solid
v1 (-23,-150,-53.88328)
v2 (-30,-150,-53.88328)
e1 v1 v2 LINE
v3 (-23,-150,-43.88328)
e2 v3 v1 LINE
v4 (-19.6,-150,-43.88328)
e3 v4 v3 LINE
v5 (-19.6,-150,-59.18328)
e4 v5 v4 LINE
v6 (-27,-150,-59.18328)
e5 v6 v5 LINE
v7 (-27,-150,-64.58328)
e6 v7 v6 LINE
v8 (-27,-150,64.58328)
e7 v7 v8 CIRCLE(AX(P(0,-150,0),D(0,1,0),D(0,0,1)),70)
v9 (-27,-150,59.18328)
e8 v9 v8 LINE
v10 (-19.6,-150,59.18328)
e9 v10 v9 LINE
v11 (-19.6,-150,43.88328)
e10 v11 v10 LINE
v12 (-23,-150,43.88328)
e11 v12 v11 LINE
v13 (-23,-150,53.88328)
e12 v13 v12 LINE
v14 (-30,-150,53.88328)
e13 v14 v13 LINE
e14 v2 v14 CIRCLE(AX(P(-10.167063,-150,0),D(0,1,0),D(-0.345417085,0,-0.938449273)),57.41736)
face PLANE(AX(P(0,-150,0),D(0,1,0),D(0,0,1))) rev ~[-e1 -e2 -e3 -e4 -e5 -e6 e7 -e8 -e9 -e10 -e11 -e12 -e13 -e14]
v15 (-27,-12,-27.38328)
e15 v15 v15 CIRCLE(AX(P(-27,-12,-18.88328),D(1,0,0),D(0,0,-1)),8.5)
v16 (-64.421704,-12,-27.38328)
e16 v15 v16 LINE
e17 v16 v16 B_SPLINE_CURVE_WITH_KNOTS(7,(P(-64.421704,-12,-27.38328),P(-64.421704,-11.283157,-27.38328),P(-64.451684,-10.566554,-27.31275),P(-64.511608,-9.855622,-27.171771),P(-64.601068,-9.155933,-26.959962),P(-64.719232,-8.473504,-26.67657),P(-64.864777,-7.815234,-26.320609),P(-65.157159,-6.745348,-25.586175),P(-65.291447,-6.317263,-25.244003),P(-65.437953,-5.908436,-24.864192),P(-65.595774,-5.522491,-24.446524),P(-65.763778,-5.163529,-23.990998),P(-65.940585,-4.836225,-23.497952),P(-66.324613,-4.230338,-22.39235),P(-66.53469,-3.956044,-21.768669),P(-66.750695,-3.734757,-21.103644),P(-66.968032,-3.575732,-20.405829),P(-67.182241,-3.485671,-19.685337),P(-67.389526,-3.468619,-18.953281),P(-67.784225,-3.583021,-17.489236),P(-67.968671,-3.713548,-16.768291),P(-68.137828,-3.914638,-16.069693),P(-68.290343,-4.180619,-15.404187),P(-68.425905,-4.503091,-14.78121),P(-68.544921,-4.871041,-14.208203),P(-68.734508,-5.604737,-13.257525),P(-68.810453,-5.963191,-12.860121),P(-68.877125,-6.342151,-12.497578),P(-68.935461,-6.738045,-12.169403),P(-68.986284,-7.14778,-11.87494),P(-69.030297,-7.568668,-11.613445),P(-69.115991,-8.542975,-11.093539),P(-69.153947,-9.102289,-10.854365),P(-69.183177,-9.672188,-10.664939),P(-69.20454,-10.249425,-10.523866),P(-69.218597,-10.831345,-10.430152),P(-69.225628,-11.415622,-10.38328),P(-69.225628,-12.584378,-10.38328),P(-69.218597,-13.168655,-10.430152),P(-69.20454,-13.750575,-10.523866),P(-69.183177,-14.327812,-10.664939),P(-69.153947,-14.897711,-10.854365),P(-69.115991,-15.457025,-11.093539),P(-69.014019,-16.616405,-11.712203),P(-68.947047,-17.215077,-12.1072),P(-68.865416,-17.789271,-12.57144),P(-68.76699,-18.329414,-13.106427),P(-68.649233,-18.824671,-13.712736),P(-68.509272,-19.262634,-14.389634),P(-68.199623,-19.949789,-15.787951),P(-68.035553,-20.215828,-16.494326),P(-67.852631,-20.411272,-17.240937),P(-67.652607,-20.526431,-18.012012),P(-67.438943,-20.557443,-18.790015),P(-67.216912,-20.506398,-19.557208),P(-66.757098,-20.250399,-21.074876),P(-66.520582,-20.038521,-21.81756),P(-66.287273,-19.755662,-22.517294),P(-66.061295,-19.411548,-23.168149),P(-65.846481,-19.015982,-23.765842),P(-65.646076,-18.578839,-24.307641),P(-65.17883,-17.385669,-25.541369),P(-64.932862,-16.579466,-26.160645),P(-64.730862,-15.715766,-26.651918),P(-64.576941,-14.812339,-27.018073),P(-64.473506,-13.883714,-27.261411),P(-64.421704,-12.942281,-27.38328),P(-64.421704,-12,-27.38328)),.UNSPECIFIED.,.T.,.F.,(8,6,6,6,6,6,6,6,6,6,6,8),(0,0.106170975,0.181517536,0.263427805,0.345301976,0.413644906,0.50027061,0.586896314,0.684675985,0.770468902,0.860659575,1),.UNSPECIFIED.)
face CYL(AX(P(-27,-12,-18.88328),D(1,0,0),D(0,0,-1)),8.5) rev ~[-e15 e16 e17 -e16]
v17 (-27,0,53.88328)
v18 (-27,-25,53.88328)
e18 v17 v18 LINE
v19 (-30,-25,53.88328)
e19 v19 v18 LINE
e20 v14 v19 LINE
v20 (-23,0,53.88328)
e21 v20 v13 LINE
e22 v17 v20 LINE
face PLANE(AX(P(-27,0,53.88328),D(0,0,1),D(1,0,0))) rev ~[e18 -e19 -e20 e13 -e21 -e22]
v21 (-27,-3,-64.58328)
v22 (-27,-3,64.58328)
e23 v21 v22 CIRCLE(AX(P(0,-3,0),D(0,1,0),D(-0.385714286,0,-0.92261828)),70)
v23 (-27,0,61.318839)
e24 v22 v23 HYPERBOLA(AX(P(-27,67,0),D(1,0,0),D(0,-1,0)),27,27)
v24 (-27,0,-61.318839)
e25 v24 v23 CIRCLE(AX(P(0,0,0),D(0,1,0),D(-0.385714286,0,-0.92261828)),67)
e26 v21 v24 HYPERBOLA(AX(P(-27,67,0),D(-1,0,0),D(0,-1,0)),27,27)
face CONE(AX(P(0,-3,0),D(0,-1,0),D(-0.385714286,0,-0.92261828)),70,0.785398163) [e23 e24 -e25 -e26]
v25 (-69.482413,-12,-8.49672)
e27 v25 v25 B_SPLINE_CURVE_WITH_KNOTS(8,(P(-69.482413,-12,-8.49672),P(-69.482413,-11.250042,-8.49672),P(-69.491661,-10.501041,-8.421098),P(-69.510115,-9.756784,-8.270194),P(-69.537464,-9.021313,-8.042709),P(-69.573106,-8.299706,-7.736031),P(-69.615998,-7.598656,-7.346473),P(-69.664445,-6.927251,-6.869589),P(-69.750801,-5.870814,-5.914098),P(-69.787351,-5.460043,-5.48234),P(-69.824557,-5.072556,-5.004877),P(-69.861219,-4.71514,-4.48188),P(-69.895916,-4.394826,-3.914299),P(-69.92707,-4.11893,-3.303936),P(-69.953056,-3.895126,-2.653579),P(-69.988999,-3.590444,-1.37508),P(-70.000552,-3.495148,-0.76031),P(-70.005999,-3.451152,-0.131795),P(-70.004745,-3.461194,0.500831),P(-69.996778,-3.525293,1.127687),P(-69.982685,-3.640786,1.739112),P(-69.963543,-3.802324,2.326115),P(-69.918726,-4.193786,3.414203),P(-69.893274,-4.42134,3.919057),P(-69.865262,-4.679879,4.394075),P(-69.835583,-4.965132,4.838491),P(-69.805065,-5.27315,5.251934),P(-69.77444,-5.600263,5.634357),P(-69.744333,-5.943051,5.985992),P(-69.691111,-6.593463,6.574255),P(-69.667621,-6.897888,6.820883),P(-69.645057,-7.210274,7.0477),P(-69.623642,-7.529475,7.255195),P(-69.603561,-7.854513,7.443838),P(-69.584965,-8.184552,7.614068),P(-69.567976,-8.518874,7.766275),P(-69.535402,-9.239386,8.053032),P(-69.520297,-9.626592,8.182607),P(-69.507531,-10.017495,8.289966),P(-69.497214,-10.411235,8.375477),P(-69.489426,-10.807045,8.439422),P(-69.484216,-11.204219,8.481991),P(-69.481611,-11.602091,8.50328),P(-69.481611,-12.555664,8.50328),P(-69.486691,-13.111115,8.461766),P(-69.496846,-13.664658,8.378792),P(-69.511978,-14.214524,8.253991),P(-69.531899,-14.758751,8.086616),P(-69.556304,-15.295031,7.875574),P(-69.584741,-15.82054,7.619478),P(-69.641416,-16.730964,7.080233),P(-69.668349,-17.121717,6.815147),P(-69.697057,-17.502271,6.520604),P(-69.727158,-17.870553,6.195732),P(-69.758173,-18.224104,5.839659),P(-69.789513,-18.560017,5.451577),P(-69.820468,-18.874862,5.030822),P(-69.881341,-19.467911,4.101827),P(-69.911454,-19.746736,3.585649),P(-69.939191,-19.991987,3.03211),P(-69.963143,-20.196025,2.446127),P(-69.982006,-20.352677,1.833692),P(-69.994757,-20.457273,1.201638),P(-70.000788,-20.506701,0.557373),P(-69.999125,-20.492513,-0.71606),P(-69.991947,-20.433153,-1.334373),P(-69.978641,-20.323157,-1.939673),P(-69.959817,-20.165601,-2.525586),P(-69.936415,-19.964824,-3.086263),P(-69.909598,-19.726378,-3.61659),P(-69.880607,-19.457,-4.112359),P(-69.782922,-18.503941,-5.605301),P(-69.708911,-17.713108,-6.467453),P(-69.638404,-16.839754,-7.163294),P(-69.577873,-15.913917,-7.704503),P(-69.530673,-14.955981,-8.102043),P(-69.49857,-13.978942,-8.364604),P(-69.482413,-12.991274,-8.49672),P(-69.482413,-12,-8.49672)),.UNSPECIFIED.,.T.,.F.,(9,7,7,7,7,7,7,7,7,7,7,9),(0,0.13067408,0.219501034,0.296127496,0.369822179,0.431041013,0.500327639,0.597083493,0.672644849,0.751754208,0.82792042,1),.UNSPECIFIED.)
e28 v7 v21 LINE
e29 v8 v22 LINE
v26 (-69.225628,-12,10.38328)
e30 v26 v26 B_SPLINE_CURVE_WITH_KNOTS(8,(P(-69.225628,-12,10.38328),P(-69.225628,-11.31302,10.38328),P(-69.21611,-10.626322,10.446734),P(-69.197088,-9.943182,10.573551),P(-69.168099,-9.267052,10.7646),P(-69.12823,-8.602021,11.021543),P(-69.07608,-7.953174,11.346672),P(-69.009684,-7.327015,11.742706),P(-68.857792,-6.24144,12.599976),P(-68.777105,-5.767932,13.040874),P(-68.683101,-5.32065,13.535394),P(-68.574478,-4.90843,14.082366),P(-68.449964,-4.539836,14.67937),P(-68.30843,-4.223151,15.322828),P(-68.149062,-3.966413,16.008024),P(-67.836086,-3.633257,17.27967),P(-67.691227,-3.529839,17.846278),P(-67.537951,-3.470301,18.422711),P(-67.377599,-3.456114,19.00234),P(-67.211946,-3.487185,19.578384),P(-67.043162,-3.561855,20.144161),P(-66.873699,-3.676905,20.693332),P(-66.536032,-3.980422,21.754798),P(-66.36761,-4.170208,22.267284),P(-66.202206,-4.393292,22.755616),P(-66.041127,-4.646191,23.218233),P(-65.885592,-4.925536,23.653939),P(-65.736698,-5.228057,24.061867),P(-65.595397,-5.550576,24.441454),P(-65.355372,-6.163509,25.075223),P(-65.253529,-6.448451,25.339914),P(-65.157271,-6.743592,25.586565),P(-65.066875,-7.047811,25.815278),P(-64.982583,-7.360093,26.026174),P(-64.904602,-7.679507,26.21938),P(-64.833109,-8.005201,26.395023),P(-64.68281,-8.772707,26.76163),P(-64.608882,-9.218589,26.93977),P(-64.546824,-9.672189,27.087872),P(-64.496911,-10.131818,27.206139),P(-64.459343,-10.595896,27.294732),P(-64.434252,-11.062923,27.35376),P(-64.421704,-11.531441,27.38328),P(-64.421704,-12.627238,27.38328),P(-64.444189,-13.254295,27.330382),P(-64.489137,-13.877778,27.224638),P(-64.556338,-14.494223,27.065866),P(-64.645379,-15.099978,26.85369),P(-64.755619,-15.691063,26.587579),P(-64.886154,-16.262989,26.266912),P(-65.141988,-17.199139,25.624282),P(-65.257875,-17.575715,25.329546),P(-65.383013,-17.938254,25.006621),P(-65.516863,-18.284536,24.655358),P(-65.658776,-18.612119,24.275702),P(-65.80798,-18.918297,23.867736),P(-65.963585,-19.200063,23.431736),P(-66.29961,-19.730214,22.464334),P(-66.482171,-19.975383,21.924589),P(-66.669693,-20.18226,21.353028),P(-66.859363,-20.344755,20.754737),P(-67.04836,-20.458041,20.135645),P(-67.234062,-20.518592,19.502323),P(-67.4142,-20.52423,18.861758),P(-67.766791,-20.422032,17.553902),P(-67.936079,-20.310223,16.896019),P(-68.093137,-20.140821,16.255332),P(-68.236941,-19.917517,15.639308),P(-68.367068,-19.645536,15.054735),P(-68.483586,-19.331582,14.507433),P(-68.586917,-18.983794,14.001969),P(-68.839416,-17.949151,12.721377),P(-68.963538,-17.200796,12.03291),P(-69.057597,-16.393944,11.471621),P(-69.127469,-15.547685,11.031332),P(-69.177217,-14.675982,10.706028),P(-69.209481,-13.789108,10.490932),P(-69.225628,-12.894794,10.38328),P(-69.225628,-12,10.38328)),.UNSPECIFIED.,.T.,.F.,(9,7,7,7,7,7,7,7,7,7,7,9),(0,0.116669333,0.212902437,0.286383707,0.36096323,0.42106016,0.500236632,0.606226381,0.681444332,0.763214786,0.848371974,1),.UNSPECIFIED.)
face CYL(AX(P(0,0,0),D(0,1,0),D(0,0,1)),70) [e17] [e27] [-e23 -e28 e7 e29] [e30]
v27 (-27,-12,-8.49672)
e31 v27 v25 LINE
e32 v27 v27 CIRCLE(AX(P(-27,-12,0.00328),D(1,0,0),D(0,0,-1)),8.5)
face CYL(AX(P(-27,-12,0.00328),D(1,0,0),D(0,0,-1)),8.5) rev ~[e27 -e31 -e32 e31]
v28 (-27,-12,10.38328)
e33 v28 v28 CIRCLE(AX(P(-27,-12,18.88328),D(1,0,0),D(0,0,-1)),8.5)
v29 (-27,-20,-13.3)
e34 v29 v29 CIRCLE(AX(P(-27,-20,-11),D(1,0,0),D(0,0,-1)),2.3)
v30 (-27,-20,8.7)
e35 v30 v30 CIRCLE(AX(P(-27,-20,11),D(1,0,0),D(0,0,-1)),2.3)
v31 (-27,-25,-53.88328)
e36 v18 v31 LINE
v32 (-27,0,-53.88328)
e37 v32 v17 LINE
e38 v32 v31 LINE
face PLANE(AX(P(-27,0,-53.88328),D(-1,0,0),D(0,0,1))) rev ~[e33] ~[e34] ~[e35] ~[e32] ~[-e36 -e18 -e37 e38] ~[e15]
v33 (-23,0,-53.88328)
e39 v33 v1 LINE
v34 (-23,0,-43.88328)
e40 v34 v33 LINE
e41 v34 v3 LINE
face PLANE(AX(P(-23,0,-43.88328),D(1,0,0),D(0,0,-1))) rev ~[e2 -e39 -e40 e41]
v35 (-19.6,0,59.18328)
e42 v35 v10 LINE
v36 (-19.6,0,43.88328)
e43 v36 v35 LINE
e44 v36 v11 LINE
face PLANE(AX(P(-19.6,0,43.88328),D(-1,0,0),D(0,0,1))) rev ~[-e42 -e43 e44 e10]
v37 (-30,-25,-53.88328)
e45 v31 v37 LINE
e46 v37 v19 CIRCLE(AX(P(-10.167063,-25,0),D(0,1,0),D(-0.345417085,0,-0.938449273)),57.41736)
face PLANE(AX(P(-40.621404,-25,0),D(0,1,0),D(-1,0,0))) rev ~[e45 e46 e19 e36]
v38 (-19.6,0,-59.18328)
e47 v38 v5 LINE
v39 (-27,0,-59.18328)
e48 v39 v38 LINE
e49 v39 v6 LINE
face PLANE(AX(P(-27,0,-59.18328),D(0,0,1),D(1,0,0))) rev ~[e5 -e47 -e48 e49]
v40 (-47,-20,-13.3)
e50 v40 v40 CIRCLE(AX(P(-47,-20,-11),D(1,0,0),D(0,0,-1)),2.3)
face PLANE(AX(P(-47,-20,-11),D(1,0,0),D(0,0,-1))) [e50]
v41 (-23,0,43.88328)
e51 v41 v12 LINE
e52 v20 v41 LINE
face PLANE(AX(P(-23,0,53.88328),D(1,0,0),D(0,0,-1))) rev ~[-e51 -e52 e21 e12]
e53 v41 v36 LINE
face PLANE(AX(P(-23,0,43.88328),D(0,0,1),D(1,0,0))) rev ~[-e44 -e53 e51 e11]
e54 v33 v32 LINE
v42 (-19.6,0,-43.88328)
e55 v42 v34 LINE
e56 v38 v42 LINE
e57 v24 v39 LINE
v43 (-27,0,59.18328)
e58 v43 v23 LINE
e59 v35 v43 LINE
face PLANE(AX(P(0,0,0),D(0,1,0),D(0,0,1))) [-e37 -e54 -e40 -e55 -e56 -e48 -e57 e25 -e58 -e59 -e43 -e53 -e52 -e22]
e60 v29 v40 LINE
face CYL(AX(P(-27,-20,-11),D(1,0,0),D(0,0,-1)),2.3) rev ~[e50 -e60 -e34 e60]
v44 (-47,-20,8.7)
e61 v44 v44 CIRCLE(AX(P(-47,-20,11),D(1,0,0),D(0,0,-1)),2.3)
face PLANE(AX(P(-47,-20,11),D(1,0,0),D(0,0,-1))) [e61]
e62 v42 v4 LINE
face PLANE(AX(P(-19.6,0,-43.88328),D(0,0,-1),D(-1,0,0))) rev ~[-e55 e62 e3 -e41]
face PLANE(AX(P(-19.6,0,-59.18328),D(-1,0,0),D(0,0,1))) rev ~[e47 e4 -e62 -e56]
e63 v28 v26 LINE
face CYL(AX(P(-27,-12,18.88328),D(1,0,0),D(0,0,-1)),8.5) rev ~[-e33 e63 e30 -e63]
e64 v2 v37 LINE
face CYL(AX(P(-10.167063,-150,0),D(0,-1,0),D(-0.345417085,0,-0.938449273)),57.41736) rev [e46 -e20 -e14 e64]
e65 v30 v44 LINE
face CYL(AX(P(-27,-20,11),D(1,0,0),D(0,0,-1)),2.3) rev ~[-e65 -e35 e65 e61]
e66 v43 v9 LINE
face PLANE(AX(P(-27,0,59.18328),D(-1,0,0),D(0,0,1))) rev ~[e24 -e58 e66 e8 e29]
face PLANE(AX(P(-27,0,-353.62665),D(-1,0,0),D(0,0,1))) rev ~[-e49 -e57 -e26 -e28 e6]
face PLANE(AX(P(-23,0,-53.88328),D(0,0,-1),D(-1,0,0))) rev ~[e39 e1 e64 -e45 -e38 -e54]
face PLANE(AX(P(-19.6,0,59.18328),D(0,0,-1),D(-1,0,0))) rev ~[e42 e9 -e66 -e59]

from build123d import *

# Parameters (mm, degrees)
ESQUISSE1_R             = 70
BOSS_EXTRU_1_DEPTH      = 150
ENL_V_MAT_EXTRU_1_DEPTH = 150
ENL_V_MAT_EXTRU_2_DEPTH = 180.008379692
ESQUISSE4_R             = 2.3
ENL_V_MAT_EXTRU_3_DEPTH = 20
ENL_V_MAT_EXTRU_4_DEPTH = 125
CHANFREIN1_SIZE         = 3
ESQUISSE6_R             = 8.5
ENL_V_MAT_EXTRU_5_DEPTH = 50


with BuildPart() as part:
    # Esquisse1 → Boss.-Extru.1 (new body)
    with BuildSketch(Plane(origin=(0, 0, 0), x_dir=(1, 0, 0), z_dir=(0, 1, 0))):
        with Locations(Location((0, 0, 0), (0, 0, 270))):
            Circle(ESQUISSE1_R)
    extrude(amount=-BOSS_EXTRU_1_DEPTH)

    # Esquisse2 → Enlèv. mat.-Extru.1 (cut)
    with BuildSketch(Plane(origin=(0, 0, 0), x_dir=(1, 0, 0), z_dir=(0, 1, 0))):
        with BuildLine():
            Line((-16, 68.14690015), (-16, 62.94690015))
            Line((-16, 62.94690015), (-8, 62.94690015))
            Line((-8, 62.94690015), (-8, 47.74690015))
            Line((-8, 47.74690015), (-12.8, 47.74690015))
            Line((-12.8, 47.74690015), (-12.8, 57.44690015))
            Line((-12.8, 57.44690015), (-16, 57.44690015))
            Line((-16, 57.44690015), (-16, -57.74690015))
            Line((-16, -57.74690015), (-12.8, -57.74690015))
            Line((-12.8, -57.74690015), (-12.8, -48.04690015))
            Line((-12.8, -48.04690015), (-8, -48.04690015))
            Line((-8, -48.04690015), (-8, -62.94690015))
            Line((-8, -62.94690015), (-16, -62.94690015))
            Line((-16, -62.94690015), (-16, -68.14690015))
            ThreePointArc((-16, -68.14690015), (70, 0), (-16, 68.14690015))
        make_face()
    extrude(amount=-ENL_V_MAT_EXTRU_1_DEPTH, mode=Mode.SUBTRACT)

    # Esquisse3 → Enlèv. mat.-Extru.2 (cut, through all)
    with BuildSketch(Plane(origin=(0, 0, 0), x_dir=(1, 0, 0), z_dir=(0, 1, 0))):
        Polygon((-27, 353.626649736), (-27, 64.58327957), (-27, 59.18327957), (-19.6, 59.18327957), (-19.6, 43.88327957), (-23, 43.88327957), (-23, 53.88327957), (-27, 53.88327957), (-27, -53.88327957), (-23, -53.88327957), (-23, -43.88327957), (-19.6, -43.88327957), (-19.6, -59.18327957), (-27, -59.18327957), (-27, -64.58327957), (-27, -353.626649736), (551.086740331, -353.626649736), (551.086740331, 353.626649736), align=None)
    extrude(amount=-ENL_V_MAT_EXTRU_2_DEPTH, mode=Mode.SUBTRACT)

    # Esquisse4 → Enlèv. mat.-Extru.3 (cut)
    with BuildSketch(Plane(origin=(-27, 0, 0), x_dir=(0, 0, -1), z_dir=(1, 0, 0))):
        with Locations((-11, -20)):
            Circle(ESQUISSE4_R)
        with Locations((11, -20)):
            Circle(ESQUISSE4_R)
    extrude(amount=-ENL_V_MAT_EXTRU_3_DEPTH, mode=Mode.SUBTRACT)

    # Esquisse5 → Enlèv. mat.-Extru.4 (cut)
    with BuildSketch(Plane.XZ.offset(150)):
        with BuildLine():
            Line((-27, 53.88327957), (-27, -53.88327957))
            Line((-27, -53.88327957), (-30, -53.88327957))
            ThreePointArc((-30, -53.88327957), (-67.584422787, 0), (-30, 53.88327957))
            Line((-30, 53.88327957), (-27, 53.88327957))
        make_face()
    extrude(amount=-ENL_V_MAT_EXTRU_4_DEPTH, mode=Mode.SUBTRACT)

    # Chanfrein1
    chanfrein1_edges = [part.edges().sort_by_distance(p)[0] for p in [
        (-70, 0, 0),
    ]]
    chamfer(chanfrein1_edges, length=CHANFREIN1_SIZE)

    # Esquisse6 → Enlèv. mat.-Extru.5 (cut)
    with BuildSketch(Plane(origin=(-27, 0, 0), x_dir=(0, 0, -1), z_dir=(1, 0, 0))):
        with Locations((-18.88327957, -12)):
            Circle(ESQUISSE6_R)
        with Locations((18.88327957, -12)):
            Circle(ESQUISSE6_R)
        with Locations((-0.00327957, -12)):
            Circle(ESQUISSE6_R)
    extrude(amount=-ENL_V_MAT_EXTRU_5_DEPTH, mode=Mode.SUBTRACT)


solid = part.part
